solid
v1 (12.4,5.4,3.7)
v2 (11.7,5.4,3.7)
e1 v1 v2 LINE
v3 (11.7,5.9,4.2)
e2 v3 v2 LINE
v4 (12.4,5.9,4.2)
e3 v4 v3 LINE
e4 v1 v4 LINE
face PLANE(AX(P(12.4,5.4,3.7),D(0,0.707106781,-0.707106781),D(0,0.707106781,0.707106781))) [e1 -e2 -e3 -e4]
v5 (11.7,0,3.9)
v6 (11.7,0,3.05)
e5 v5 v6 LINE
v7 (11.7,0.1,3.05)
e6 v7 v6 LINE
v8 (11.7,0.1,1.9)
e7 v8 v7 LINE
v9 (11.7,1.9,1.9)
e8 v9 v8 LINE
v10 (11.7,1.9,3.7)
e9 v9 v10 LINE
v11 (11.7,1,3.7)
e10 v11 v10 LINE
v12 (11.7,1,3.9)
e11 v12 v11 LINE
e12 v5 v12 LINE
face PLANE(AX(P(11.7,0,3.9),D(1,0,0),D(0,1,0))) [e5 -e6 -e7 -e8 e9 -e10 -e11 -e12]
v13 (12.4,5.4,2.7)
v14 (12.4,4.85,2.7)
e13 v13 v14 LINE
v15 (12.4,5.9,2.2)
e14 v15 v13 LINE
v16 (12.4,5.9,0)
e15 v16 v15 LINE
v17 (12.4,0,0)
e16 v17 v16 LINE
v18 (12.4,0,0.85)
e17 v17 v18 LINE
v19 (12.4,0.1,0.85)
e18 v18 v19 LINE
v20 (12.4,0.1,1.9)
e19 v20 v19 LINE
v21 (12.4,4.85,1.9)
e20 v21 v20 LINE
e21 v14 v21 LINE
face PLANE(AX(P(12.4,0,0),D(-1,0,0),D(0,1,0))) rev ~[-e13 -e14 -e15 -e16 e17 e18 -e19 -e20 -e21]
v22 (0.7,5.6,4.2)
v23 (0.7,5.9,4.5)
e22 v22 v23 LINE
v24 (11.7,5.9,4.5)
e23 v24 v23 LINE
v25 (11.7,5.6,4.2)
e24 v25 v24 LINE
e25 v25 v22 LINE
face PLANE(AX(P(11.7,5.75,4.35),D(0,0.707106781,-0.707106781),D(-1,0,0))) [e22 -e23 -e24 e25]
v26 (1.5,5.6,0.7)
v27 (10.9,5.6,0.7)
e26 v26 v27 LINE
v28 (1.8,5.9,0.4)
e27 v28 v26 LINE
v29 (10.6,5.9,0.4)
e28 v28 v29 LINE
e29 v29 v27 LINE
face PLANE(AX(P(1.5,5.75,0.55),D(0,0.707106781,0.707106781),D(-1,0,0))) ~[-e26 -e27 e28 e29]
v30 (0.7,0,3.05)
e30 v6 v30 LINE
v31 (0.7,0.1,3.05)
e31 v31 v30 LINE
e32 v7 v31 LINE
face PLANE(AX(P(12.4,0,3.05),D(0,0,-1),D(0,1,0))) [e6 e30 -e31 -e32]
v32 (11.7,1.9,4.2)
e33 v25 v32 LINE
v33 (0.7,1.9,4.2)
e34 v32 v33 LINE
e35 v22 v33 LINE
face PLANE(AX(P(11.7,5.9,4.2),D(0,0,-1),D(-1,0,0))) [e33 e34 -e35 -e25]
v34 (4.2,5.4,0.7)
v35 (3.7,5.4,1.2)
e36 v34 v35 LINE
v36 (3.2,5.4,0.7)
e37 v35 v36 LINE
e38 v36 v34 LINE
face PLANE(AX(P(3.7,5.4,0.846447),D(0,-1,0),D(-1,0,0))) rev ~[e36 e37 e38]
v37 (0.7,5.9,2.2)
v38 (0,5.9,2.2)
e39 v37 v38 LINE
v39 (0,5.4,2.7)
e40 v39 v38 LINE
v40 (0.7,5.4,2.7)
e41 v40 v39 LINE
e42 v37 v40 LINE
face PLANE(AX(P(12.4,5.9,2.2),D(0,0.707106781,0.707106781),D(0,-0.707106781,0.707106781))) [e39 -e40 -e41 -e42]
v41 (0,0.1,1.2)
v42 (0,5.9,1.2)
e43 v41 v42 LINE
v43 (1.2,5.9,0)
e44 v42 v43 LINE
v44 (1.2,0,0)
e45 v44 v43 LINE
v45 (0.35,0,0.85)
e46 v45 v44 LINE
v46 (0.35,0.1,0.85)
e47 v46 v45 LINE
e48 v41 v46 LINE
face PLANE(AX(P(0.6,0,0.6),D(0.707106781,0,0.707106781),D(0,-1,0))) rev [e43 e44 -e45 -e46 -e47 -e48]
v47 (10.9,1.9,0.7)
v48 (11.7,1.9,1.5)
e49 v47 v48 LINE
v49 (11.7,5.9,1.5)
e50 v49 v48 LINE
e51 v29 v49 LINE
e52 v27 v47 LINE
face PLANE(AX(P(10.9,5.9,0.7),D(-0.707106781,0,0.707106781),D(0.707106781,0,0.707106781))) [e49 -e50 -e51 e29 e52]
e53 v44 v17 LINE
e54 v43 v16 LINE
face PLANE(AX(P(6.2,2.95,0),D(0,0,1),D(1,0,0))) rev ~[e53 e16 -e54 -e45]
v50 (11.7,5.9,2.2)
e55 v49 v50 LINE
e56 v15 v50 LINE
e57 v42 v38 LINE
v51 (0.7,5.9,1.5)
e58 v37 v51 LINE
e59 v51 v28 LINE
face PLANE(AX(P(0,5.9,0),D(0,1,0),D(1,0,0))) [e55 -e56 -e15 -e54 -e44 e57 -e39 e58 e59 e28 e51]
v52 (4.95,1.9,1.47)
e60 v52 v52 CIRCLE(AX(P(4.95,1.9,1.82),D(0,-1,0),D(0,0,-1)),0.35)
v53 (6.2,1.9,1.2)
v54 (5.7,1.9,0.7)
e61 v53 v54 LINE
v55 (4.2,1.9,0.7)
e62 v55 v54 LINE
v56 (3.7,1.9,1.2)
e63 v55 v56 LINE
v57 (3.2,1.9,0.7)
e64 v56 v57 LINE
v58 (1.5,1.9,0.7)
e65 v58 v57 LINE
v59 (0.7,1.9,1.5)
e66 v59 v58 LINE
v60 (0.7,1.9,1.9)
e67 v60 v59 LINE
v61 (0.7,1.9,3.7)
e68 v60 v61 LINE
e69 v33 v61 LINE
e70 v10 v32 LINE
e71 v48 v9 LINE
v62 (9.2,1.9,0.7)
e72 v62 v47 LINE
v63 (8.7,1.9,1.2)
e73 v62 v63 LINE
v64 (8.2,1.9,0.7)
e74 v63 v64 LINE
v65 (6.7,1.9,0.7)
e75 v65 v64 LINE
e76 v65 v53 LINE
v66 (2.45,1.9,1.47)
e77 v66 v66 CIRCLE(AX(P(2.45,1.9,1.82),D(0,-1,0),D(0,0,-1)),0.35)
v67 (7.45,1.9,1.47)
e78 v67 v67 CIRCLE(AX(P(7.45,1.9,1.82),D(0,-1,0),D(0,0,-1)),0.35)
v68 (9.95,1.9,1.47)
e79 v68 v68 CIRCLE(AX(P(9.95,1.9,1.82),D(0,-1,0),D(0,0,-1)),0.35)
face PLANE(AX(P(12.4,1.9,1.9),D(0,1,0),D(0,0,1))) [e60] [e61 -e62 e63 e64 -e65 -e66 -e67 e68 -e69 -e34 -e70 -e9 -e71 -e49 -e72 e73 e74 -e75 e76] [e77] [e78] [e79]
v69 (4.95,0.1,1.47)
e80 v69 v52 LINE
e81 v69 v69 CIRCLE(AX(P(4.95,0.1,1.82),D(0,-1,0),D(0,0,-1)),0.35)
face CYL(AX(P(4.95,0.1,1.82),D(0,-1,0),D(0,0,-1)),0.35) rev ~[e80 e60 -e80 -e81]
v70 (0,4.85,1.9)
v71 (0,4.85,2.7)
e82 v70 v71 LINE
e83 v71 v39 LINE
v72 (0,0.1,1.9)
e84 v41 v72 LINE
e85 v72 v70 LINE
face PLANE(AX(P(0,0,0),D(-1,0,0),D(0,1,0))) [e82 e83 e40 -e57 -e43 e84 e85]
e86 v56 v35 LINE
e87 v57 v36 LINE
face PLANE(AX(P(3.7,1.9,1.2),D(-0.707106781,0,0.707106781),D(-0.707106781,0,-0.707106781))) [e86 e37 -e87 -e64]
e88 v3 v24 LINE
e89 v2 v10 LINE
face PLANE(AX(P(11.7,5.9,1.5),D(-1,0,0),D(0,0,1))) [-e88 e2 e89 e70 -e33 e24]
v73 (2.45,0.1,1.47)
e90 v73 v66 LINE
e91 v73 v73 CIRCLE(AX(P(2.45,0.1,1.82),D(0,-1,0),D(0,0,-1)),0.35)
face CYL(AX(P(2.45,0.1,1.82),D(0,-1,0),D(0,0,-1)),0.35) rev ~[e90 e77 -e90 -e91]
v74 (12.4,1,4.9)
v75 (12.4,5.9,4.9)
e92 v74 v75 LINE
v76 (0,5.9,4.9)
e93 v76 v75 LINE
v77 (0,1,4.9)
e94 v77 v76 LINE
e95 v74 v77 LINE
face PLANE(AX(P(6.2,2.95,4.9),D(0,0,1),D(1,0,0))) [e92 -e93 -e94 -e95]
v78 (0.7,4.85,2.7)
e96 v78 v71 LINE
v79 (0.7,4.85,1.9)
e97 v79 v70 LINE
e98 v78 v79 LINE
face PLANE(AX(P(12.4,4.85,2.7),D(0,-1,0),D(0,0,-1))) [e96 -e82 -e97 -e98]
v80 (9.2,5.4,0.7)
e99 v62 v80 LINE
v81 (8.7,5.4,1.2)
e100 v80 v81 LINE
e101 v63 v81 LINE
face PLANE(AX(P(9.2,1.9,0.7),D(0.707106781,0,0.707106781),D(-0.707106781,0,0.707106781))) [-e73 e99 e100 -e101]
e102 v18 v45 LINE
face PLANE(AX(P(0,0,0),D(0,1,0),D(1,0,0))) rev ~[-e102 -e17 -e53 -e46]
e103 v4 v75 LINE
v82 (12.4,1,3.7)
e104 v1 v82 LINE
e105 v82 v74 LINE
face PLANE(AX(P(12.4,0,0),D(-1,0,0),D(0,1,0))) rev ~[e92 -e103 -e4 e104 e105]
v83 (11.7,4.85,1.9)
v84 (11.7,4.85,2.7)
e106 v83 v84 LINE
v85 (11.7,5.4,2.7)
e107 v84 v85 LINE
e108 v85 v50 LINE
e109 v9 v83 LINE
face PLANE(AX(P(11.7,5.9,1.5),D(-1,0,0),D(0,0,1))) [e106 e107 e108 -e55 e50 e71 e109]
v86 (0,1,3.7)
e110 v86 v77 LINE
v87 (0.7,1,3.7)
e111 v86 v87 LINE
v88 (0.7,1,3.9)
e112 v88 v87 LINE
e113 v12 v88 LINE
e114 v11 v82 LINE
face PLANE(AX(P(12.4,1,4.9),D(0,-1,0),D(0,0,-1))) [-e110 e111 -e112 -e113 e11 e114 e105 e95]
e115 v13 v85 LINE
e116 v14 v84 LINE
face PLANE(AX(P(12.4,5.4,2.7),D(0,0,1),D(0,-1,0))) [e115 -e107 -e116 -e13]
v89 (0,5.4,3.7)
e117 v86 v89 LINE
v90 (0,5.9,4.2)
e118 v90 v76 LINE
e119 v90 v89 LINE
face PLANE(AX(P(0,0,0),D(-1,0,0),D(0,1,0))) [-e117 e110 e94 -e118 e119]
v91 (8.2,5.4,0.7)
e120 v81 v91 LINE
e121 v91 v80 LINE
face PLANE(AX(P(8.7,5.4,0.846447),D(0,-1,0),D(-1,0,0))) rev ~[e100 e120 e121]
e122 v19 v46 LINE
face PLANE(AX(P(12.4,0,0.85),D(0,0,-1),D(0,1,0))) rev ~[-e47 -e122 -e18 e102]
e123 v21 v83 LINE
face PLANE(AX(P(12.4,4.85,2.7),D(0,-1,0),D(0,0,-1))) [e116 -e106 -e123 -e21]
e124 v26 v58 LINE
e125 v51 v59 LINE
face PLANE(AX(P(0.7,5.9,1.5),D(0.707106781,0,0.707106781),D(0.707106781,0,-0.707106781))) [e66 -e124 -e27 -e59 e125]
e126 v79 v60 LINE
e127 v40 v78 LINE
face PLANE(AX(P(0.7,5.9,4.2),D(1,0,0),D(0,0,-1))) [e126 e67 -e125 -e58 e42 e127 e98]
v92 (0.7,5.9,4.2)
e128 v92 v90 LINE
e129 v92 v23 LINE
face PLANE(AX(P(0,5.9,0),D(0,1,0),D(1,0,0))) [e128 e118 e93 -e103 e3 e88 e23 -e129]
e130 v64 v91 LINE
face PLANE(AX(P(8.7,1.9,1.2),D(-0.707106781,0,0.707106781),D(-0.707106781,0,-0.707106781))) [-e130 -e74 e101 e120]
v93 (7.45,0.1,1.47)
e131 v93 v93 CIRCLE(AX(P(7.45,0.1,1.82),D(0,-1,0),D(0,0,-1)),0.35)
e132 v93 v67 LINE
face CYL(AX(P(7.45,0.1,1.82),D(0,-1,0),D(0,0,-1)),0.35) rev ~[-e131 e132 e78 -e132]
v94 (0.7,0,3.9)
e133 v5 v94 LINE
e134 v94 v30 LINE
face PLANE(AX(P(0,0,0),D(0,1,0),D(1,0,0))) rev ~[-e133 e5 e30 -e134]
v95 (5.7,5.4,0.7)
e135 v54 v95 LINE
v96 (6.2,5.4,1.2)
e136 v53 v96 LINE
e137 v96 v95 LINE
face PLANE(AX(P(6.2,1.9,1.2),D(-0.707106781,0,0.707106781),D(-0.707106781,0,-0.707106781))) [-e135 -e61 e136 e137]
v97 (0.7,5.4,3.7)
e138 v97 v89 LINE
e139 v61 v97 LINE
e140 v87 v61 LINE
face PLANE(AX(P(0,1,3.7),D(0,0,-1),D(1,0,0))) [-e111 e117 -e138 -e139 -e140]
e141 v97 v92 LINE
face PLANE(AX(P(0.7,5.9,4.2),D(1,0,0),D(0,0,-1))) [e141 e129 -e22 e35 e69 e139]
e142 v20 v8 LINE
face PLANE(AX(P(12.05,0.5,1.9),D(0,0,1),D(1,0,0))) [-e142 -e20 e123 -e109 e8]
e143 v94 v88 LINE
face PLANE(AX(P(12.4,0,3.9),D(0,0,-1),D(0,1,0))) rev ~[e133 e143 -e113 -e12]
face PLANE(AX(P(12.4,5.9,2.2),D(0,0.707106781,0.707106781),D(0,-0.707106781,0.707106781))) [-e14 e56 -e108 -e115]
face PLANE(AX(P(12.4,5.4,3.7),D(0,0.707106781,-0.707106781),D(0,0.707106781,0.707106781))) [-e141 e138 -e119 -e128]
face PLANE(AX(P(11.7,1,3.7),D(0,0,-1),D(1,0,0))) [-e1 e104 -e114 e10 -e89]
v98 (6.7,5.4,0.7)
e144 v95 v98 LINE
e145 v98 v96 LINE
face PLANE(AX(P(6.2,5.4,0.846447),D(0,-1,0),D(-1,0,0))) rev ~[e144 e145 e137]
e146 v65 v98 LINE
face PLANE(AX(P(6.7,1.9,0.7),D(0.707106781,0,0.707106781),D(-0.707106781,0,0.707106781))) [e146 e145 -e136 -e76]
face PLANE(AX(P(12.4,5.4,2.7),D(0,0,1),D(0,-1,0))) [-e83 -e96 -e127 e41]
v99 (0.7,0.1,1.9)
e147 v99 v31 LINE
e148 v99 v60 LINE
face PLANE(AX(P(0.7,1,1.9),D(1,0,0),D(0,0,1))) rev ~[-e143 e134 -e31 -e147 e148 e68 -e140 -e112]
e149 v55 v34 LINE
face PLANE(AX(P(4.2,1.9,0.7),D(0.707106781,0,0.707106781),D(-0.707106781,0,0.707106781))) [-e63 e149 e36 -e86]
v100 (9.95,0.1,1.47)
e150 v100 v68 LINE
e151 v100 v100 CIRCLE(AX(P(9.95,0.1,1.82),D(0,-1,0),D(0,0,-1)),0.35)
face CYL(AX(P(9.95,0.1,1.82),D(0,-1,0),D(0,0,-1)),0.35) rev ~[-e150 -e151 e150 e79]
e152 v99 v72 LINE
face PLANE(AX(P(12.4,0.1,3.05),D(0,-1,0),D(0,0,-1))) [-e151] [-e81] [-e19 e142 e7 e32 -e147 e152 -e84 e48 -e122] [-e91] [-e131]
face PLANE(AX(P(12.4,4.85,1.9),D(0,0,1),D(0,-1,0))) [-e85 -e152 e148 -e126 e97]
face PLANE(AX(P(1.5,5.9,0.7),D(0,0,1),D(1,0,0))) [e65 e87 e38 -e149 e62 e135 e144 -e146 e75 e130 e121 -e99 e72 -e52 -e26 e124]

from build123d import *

# Parameters (mm, degrees)
SKETCH_1_W             = 12.4
SKETCH_1_H             = 5.9
EXTRUDE_1_DEPTH        = 4.9
CUT_EXTRUDE_1_DEPTH    = 4
SKETCH_4_W             = 1
SKETCH_4_H             = 1
SKETCH_4_W_2           = 2.2
SKETCH_4_H_2           = 0.1
CUT_EXTRUDE_2_DEPTH    = 15.580123456
SKETCH_5_W             = 0.7
SKETCH_5_H             = 1
CUT_EXTRUDE_3_DEPTH    = 2
CHAMFER_1_SIZE         = 1.2
SKETCH_6_R             = 0.35
CUT_EXTRUDE_4_DEPTH    = 15.539944979
PATTERN_LINEAR_1_COUNT = 4
PATTERN_LINEAR_1_PITCH = 2.5
CUT_EXTRUDE_5_REACH    = 16.205
SKETCH_7_W             = 0.7
SKETCH_7_H             = 1.8
EXTRUDE_2_DEPTH        = 3.5
PATTERN_LINEAR_2_COUNT = 3
PATTERN_LINEAR_2_PITCH = 2.5
CHAMFER_2_SIZE         = 0.3


with BuildPart() as part:
    # 스케치1 → 보스-돌출1 (new body)
    with BuildSketch(Plane.XY):
        with Locations((6.2, 2.95)):
            Rectangle(SKETCH_1_W, SKETCH_1_H)
    extrude(amount=EXTRUDE_1_DEPTH)

    # 스케치2 → 컷-돌출1 (cut)
    with BuildSketch(Plane(origin=(0, 5.9, 0), x_dir=(1, 0, 0), z_dir=(0, 1, 0))):
        Polygon((0.7, -1.5), (1.5, -0.7), (10.9, -0.7), (11.7, -1.5), (11.7, -4.2), (0.7, -4.2), align=None)
    extrude(amount=-CUT_EXTRUDE_1_DEPTH, mode=Mode.SUBTRACT)

    # 스케치4 → 컷-돌출2 (cut, through all)
    with BuildSketch(Plane(origin=(12.4, 0, 0), x_dir=(0, 0, -1), z_dir=(1, 0, 0))):
        with Locations((-4.4, 0.5)):
            Rectangle(SKETCH_4_W, SKETCH_4_H)
        with Locations((-1.95, 0.05)):
            Rectangle(SKETCH_4_W_2, SKETCH_4_H_2)
        Polygon((-3.7, 5.4), (-4.2, 5.9), (-2.2, 5.9), (-2.7, 5.4), (-2.7, 4.85), (-1.9, 4.85), (-1.9, 1.9), (-3.7, 1.9), align=None)
    extrude(amount=-CUT_EXTRUDE_2_DEPTH, mode=Mode.SUBTRACT)

    # 스케치5 → 컷-돌출3 (cut)
    with BuildSketch(Plane.XY.offset(3.9)):
        with Locations((0.35, 0.5)):
            Rectangle(SKETCH_5_W, SKETCH_5_H)
        with Locations((12.05, 0.5)):
            Rectangle(SKETCH_5_W, SKETCH_5_H)
    extrude(amount=-CUT_EXTRUDE_3_DEPTH, mode=Mode.SUBTRACT)

    # 모따기1
    chamfer_1_edges = [part.edges().sort_by_distance(p)[0] for p in [
        (0, 2.95, 0),
    ]]
    chamfer(chamfer_1_edges, length=CHAMFER_1_SIZE)

    # 스케치6 → 컷-돌출4 (cut, through all)
    with BuildSketch(Plane.XZ.offset(-0.1)):
        with Locations(Location((2.45, 1.82, 0), (0, 0, 270))):
            Circle(SKETCH_6_R)
    cut_extrude_4 = extrude(amount=-CUT_EXTRUDE_4_DEPTH, mode=Mode.SUBTRACT)

    # 선형 패턴1: 컷-돌출4 ×4
    with Locations(*[(i * PATTERN_LINEAR_1_PITCH, 0, 0) for i in range(1, PATTERN_LINEAR_1_COUNT)]):
        add(cut_extrude_4, mode=Mode.SUBTRACT)

    # 스케치7 → 컷-돌출5 (cut, up to next)
    with BuildSketch(Plane.XZ.offset(-1), mode=Mode.PRIVATE) as cut_extrude_5_sk1:
        with Locations((0.35, 2.8)):
            Rectangle(SKETCH_7_W, SKETCH_7_H)
    cut_extrude_5_tool1 = extrude(cut_extrude_5_sk1.sketch, amount=-CUT_EXTRUDE_5_REACH, mode=Mode.PRIVATE) & part.part
    # 스케치7 → 컷-돌출5 (cut, up to next)
    with BuildSketch(Plane.XZ.offset(-1), mode=Mode.PRIVATE) as cut_extrude_5_sk2:
        with Locations((12.05, 2.8)):
            Rectangle(SKETCH_7_W, SKETCH_7_H)
    cut_extrude_5_tool2 = extrude(cut_extrude_5_sk2.sketch, amount=-CUT_EXTRUDE_5_REACH, mode=Mode.PRIVATE) & part.part
    add(cut_extrude_5_tool1.solids().sort_by_distance((0.35, 1, 2.8))[0], mode=Mode.SUBTRACT)
    add(cut_extrude_5_tool2.solids().sort_by_distance((12.05, 1, 2.8))[0], mode=Mode.SUBTRACT)

    # 스케치8 → 보스-돌출2 (add)
    with BuildSketch(Plane(origin=(0, 1.9, 0), x_dir=(1, 0, 0), z_dir=(0, 1, 0))):
        Polygon((3.2, -0.7), (4.2, -0.7), (3.7, -1.2), align=None)
    extrude_2 = extrude(amount=EXTRUDE_2_DEPTH)

    # 선형 패턴2: 보스-돌출2 ×3
    with Locations(*[(i * PATTERN_LINEAR_2_PITCH, 0, 0) for i in range(1, PATTERN_LINEAR_2_COUNT)]):
        add(extrude_2)

    # 모따기2
    chamfer_2_edges = [part.edges().sort_by_distance(p)[0] for p in [
        (6.2, 5.9, 0.7),
        (6.2, 5.9, 4.2),
    ]]
    chamfer(chamfer_2_edges, length=CHAMFER_2_SIZE)


solid = part.part
